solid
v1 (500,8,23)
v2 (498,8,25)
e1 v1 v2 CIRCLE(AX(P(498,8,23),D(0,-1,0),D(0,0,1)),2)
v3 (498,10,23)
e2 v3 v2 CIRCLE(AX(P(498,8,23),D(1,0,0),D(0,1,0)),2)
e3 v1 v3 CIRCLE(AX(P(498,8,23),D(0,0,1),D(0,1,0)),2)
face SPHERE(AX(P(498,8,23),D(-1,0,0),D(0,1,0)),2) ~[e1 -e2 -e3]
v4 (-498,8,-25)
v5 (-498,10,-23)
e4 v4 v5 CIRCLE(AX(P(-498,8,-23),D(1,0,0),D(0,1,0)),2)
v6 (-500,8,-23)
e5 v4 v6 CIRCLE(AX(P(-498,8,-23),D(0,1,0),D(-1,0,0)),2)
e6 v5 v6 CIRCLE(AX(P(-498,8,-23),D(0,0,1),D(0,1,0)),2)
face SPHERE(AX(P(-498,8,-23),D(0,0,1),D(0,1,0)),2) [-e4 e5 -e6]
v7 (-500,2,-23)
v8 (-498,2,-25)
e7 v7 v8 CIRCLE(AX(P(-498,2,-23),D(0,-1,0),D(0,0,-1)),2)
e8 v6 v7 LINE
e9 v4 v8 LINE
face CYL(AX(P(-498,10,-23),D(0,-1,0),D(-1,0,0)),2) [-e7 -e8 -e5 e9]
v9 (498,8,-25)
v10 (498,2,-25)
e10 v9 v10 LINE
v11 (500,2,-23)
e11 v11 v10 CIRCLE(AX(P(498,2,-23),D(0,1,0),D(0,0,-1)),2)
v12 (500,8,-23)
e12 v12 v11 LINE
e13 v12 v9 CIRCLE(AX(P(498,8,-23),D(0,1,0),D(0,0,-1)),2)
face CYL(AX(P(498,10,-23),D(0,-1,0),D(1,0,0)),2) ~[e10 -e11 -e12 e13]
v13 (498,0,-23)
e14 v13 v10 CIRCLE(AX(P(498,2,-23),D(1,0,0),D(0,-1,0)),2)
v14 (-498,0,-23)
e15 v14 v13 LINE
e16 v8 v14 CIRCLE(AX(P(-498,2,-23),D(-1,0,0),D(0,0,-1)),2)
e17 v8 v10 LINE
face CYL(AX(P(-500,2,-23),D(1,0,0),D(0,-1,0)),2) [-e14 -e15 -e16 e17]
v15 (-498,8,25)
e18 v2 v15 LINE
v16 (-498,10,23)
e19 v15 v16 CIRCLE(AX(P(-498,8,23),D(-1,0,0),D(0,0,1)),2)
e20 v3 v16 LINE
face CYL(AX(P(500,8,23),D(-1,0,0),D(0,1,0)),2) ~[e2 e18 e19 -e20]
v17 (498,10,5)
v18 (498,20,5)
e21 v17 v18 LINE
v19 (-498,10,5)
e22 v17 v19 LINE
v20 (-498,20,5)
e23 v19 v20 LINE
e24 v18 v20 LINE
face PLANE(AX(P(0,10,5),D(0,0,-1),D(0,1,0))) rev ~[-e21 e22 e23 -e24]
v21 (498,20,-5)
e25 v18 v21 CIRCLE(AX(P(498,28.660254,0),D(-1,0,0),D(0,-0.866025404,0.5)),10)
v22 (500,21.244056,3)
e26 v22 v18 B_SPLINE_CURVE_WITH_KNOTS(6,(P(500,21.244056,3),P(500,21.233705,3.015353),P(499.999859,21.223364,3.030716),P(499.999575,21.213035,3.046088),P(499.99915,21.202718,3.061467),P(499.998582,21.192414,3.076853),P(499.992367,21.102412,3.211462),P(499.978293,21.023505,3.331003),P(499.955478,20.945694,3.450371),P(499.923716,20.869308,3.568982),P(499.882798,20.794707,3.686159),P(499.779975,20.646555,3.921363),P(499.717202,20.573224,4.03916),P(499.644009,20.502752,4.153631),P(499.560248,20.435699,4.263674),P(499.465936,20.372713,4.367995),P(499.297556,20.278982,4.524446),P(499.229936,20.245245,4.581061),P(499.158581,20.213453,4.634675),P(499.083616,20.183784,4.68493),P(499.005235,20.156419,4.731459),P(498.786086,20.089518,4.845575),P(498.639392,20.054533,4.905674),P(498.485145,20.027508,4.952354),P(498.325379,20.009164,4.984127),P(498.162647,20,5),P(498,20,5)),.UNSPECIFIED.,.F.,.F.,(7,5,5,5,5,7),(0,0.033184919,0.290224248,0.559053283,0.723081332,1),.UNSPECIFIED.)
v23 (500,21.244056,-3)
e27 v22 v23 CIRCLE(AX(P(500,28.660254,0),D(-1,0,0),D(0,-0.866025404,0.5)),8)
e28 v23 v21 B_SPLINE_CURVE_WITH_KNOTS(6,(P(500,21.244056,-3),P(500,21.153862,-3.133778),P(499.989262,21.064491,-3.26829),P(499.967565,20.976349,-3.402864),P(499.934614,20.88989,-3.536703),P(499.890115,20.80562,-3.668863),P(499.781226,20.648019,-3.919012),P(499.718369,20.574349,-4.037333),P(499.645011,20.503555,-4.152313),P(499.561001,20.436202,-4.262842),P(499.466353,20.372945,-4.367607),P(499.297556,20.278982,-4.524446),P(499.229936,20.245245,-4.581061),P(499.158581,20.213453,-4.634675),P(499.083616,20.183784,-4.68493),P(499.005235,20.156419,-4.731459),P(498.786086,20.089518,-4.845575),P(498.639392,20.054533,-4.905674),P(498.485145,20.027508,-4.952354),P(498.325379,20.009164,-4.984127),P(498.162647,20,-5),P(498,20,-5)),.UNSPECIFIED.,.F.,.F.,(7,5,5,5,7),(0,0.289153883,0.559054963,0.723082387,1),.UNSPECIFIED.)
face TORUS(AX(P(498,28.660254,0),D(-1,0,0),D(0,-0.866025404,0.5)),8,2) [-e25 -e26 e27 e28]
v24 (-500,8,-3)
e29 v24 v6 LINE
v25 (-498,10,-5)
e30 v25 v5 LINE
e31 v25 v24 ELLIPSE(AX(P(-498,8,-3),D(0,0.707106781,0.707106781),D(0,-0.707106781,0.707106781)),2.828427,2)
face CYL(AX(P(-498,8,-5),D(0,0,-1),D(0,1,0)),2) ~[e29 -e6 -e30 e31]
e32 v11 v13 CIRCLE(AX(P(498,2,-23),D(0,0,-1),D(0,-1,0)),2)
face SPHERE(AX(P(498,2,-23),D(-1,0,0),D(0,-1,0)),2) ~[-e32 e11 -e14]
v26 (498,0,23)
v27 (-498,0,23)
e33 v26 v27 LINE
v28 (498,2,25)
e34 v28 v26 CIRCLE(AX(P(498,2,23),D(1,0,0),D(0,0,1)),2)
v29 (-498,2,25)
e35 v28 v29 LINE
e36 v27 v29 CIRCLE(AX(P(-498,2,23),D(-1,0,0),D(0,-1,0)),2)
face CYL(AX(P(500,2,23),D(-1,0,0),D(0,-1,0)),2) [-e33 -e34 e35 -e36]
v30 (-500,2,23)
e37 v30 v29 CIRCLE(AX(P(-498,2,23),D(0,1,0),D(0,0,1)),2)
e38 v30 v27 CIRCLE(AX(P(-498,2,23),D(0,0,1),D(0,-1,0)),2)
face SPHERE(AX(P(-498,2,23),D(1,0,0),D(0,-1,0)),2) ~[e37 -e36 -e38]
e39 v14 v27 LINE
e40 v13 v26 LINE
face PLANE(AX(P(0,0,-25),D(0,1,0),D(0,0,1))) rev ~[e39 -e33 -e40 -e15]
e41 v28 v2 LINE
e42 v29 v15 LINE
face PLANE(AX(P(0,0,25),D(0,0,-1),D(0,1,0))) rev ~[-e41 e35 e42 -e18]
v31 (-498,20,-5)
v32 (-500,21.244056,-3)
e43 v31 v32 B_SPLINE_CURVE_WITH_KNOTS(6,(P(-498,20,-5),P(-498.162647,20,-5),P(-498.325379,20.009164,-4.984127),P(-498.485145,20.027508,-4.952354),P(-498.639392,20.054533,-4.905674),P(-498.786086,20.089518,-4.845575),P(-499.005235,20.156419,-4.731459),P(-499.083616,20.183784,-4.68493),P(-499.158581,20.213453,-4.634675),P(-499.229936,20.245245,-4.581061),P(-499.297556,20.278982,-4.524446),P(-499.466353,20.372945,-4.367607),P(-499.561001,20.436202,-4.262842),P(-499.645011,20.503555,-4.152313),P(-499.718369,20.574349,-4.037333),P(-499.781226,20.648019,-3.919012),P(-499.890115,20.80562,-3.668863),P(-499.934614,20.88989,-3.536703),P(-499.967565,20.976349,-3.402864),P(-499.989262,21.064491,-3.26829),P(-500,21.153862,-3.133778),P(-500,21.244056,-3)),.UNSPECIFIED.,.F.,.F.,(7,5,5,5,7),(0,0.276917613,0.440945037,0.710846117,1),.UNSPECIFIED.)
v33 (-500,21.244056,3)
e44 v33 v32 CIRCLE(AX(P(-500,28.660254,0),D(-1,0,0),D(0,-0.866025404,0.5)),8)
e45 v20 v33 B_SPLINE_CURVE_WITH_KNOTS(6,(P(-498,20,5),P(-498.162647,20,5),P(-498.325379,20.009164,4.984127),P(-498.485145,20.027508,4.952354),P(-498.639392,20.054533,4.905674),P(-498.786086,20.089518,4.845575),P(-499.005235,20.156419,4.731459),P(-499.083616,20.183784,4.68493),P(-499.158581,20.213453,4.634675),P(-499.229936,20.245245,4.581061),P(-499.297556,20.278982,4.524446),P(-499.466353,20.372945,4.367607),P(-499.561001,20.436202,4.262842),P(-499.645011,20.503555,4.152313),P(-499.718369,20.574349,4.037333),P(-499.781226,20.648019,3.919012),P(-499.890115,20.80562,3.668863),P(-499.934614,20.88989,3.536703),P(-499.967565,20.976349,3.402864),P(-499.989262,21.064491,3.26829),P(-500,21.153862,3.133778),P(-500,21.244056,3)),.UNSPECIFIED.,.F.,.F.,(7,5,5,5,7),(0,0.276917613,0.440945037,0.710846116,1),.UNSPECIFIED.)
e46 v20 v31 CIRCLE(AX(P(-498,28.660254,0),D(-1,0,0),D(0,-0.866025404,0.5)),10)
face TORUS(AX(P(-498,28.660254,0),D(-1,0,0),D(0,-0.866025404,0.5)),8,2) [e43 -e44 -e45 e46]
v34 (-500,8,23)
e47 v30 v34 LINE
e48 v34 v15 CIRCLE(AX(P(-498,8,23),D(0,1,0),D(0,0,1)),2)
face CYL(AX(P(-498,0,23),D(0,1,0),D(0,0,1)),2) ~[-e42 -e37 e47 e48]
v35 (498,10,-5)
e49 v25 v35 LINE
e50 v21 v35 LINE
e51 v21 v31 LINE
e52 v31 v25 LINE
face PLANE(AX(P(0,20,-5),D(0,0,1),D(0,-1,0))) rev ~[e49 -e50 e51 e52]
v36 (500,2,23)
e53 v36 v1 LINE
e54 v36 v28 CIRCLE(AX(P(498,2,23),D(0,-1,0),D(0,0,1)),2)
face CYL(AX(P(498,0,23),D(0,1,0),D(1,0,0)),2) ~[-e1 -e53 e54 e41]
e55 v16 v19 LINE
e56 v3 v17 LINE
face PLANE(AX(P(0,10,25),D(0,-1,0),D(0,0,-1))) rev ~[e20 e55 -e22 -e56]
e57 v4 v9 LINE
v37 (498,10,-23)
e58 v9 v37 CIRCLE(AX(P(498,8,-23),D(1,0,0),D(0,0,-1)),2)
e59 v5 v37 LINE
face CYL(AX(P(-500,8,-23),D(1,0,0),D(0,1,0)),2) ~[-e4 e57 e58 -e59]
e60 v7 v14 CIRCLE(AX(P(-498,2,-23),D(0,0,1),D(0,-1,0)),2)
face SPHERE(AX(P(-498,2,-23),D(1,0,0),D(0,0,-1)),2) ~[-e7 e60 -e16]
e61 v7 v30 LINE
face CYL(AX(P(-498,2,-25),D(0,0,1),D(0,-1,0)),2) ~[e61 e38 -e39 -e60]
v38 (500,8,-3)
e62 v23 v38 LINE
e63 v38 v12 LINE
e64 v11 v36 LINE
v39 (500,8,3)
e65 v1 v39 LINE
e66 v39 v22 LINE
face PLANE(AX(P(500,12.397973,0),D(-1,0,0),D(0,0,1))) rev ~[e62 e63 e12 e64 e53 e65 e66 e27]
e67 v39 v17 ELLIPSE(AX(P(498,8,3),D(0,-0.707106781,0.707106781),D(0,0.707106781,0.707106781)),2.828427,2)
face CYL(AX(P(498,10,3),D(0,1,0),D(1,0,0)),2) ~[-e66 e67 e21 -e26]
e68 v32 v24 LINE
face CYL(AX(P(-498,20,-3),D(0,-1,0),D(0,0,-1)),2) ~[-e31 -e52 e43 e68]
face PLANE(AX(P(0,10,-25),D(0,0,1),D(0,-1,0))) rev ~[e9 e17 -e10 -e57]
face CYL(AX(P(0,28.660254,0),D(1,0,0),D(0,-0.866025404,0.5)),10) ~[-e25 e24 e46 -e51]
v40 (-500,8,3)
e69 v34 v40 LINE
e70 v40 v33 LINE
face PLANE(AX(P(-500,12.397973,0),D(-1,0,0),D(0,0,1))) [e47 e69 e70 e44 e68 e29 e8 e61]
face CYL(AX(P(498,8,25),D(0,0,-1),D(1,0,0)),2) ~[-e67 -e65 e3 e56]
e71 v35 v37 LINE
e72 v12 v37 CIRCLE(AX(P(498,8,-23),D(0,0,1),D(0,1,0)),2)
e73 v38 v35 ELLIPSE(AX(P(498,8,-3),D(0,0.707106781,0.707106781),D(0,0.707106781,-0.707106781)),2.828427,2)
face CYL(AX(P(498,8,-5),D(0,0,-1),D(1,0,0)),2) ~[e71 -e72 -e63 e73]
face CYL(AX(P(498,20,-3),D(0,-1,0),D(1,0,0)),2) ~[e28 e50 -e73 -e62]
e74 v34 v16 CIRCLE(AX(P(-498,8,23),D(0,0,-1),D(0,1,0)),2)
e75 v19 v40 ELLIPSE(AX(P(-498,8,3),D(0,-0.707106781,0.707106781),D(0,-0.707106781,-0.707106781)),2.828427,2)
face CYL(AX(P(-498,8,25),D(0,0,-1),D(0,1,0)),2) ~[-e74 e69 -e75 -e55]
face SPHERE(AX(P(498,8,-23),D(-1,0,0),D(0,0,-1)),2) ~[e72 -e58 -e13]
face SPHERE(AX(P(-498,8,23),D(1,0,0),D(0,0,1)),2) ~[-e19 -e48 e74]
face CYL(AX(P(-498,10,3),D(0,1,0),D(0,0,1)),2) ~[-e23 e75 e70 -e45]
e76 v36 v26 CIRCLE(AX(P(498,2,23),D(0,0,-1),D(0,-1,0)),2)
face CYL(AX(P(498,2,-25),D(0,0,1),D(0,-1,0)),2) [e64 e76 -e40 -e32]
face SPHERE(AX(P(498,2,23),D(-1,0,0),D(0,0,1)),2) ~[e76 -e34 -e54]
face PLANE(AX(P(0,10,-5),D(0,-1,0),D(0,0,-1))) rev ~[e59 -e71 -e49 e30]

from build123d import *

# Parameters (mm, degrees)
BOSS_EXTRUDE1_DEPTH = 500
FILLET1_R           = 2


with BuildPart() as part:
    # Sketch2 → Boss-Extrude1 (new body, symmetric)
    with BuildSketch(Plane(origin=(0, 0, 0), x_dir=(0, 0, -1), z_dir=(1, 0, 0))):
        with BuildLine():
            Line((25, 0), (-25, 0))
            Line((-25, 0), (-25, 10))
            Line((-25, 10), (-5, 10))
            Line((-5, 10), (-5, 20))
            ThreePointArc((-5, 20), (0, 38.660254038), (5, 20))
            Line((5, 20), (5, 10))
            Line((5, 10), (25, 10))
            Line((25, 10), (25, 0))
        make_face()
    extrude(amount=BOSS_EXTRUDE1_DEPTH, both=True)

    # Fillet1
    fillet1_edges = [part.edges().sort_by_distance(p)[0] for p in [
        (500, 38.660254038, 0),
        (-500, 15, -5),
        (-500, 10, -15),
        (500, 15, 5),
        (0, 10, -25),
        (0, 0, -25),
        (0, 0, 25),
        (0, 10, 25),
        (500, 10, 15),
        (500, 5, 25),
        (500, 0, 0),
        (500, 5, -25),
        (500, 10, -15),
        (500, 15, -5),
        (-500, 5, -25),
        (-500, 0, 0),
        (-500, 5, 25),
        (-500, 10, 15),
        (-500, 15, 5),
        (-500, 38.660254038, 0),
    ]]
    fillet(fillet1_edges, radius=FILLET1_R)


solid = part.part
